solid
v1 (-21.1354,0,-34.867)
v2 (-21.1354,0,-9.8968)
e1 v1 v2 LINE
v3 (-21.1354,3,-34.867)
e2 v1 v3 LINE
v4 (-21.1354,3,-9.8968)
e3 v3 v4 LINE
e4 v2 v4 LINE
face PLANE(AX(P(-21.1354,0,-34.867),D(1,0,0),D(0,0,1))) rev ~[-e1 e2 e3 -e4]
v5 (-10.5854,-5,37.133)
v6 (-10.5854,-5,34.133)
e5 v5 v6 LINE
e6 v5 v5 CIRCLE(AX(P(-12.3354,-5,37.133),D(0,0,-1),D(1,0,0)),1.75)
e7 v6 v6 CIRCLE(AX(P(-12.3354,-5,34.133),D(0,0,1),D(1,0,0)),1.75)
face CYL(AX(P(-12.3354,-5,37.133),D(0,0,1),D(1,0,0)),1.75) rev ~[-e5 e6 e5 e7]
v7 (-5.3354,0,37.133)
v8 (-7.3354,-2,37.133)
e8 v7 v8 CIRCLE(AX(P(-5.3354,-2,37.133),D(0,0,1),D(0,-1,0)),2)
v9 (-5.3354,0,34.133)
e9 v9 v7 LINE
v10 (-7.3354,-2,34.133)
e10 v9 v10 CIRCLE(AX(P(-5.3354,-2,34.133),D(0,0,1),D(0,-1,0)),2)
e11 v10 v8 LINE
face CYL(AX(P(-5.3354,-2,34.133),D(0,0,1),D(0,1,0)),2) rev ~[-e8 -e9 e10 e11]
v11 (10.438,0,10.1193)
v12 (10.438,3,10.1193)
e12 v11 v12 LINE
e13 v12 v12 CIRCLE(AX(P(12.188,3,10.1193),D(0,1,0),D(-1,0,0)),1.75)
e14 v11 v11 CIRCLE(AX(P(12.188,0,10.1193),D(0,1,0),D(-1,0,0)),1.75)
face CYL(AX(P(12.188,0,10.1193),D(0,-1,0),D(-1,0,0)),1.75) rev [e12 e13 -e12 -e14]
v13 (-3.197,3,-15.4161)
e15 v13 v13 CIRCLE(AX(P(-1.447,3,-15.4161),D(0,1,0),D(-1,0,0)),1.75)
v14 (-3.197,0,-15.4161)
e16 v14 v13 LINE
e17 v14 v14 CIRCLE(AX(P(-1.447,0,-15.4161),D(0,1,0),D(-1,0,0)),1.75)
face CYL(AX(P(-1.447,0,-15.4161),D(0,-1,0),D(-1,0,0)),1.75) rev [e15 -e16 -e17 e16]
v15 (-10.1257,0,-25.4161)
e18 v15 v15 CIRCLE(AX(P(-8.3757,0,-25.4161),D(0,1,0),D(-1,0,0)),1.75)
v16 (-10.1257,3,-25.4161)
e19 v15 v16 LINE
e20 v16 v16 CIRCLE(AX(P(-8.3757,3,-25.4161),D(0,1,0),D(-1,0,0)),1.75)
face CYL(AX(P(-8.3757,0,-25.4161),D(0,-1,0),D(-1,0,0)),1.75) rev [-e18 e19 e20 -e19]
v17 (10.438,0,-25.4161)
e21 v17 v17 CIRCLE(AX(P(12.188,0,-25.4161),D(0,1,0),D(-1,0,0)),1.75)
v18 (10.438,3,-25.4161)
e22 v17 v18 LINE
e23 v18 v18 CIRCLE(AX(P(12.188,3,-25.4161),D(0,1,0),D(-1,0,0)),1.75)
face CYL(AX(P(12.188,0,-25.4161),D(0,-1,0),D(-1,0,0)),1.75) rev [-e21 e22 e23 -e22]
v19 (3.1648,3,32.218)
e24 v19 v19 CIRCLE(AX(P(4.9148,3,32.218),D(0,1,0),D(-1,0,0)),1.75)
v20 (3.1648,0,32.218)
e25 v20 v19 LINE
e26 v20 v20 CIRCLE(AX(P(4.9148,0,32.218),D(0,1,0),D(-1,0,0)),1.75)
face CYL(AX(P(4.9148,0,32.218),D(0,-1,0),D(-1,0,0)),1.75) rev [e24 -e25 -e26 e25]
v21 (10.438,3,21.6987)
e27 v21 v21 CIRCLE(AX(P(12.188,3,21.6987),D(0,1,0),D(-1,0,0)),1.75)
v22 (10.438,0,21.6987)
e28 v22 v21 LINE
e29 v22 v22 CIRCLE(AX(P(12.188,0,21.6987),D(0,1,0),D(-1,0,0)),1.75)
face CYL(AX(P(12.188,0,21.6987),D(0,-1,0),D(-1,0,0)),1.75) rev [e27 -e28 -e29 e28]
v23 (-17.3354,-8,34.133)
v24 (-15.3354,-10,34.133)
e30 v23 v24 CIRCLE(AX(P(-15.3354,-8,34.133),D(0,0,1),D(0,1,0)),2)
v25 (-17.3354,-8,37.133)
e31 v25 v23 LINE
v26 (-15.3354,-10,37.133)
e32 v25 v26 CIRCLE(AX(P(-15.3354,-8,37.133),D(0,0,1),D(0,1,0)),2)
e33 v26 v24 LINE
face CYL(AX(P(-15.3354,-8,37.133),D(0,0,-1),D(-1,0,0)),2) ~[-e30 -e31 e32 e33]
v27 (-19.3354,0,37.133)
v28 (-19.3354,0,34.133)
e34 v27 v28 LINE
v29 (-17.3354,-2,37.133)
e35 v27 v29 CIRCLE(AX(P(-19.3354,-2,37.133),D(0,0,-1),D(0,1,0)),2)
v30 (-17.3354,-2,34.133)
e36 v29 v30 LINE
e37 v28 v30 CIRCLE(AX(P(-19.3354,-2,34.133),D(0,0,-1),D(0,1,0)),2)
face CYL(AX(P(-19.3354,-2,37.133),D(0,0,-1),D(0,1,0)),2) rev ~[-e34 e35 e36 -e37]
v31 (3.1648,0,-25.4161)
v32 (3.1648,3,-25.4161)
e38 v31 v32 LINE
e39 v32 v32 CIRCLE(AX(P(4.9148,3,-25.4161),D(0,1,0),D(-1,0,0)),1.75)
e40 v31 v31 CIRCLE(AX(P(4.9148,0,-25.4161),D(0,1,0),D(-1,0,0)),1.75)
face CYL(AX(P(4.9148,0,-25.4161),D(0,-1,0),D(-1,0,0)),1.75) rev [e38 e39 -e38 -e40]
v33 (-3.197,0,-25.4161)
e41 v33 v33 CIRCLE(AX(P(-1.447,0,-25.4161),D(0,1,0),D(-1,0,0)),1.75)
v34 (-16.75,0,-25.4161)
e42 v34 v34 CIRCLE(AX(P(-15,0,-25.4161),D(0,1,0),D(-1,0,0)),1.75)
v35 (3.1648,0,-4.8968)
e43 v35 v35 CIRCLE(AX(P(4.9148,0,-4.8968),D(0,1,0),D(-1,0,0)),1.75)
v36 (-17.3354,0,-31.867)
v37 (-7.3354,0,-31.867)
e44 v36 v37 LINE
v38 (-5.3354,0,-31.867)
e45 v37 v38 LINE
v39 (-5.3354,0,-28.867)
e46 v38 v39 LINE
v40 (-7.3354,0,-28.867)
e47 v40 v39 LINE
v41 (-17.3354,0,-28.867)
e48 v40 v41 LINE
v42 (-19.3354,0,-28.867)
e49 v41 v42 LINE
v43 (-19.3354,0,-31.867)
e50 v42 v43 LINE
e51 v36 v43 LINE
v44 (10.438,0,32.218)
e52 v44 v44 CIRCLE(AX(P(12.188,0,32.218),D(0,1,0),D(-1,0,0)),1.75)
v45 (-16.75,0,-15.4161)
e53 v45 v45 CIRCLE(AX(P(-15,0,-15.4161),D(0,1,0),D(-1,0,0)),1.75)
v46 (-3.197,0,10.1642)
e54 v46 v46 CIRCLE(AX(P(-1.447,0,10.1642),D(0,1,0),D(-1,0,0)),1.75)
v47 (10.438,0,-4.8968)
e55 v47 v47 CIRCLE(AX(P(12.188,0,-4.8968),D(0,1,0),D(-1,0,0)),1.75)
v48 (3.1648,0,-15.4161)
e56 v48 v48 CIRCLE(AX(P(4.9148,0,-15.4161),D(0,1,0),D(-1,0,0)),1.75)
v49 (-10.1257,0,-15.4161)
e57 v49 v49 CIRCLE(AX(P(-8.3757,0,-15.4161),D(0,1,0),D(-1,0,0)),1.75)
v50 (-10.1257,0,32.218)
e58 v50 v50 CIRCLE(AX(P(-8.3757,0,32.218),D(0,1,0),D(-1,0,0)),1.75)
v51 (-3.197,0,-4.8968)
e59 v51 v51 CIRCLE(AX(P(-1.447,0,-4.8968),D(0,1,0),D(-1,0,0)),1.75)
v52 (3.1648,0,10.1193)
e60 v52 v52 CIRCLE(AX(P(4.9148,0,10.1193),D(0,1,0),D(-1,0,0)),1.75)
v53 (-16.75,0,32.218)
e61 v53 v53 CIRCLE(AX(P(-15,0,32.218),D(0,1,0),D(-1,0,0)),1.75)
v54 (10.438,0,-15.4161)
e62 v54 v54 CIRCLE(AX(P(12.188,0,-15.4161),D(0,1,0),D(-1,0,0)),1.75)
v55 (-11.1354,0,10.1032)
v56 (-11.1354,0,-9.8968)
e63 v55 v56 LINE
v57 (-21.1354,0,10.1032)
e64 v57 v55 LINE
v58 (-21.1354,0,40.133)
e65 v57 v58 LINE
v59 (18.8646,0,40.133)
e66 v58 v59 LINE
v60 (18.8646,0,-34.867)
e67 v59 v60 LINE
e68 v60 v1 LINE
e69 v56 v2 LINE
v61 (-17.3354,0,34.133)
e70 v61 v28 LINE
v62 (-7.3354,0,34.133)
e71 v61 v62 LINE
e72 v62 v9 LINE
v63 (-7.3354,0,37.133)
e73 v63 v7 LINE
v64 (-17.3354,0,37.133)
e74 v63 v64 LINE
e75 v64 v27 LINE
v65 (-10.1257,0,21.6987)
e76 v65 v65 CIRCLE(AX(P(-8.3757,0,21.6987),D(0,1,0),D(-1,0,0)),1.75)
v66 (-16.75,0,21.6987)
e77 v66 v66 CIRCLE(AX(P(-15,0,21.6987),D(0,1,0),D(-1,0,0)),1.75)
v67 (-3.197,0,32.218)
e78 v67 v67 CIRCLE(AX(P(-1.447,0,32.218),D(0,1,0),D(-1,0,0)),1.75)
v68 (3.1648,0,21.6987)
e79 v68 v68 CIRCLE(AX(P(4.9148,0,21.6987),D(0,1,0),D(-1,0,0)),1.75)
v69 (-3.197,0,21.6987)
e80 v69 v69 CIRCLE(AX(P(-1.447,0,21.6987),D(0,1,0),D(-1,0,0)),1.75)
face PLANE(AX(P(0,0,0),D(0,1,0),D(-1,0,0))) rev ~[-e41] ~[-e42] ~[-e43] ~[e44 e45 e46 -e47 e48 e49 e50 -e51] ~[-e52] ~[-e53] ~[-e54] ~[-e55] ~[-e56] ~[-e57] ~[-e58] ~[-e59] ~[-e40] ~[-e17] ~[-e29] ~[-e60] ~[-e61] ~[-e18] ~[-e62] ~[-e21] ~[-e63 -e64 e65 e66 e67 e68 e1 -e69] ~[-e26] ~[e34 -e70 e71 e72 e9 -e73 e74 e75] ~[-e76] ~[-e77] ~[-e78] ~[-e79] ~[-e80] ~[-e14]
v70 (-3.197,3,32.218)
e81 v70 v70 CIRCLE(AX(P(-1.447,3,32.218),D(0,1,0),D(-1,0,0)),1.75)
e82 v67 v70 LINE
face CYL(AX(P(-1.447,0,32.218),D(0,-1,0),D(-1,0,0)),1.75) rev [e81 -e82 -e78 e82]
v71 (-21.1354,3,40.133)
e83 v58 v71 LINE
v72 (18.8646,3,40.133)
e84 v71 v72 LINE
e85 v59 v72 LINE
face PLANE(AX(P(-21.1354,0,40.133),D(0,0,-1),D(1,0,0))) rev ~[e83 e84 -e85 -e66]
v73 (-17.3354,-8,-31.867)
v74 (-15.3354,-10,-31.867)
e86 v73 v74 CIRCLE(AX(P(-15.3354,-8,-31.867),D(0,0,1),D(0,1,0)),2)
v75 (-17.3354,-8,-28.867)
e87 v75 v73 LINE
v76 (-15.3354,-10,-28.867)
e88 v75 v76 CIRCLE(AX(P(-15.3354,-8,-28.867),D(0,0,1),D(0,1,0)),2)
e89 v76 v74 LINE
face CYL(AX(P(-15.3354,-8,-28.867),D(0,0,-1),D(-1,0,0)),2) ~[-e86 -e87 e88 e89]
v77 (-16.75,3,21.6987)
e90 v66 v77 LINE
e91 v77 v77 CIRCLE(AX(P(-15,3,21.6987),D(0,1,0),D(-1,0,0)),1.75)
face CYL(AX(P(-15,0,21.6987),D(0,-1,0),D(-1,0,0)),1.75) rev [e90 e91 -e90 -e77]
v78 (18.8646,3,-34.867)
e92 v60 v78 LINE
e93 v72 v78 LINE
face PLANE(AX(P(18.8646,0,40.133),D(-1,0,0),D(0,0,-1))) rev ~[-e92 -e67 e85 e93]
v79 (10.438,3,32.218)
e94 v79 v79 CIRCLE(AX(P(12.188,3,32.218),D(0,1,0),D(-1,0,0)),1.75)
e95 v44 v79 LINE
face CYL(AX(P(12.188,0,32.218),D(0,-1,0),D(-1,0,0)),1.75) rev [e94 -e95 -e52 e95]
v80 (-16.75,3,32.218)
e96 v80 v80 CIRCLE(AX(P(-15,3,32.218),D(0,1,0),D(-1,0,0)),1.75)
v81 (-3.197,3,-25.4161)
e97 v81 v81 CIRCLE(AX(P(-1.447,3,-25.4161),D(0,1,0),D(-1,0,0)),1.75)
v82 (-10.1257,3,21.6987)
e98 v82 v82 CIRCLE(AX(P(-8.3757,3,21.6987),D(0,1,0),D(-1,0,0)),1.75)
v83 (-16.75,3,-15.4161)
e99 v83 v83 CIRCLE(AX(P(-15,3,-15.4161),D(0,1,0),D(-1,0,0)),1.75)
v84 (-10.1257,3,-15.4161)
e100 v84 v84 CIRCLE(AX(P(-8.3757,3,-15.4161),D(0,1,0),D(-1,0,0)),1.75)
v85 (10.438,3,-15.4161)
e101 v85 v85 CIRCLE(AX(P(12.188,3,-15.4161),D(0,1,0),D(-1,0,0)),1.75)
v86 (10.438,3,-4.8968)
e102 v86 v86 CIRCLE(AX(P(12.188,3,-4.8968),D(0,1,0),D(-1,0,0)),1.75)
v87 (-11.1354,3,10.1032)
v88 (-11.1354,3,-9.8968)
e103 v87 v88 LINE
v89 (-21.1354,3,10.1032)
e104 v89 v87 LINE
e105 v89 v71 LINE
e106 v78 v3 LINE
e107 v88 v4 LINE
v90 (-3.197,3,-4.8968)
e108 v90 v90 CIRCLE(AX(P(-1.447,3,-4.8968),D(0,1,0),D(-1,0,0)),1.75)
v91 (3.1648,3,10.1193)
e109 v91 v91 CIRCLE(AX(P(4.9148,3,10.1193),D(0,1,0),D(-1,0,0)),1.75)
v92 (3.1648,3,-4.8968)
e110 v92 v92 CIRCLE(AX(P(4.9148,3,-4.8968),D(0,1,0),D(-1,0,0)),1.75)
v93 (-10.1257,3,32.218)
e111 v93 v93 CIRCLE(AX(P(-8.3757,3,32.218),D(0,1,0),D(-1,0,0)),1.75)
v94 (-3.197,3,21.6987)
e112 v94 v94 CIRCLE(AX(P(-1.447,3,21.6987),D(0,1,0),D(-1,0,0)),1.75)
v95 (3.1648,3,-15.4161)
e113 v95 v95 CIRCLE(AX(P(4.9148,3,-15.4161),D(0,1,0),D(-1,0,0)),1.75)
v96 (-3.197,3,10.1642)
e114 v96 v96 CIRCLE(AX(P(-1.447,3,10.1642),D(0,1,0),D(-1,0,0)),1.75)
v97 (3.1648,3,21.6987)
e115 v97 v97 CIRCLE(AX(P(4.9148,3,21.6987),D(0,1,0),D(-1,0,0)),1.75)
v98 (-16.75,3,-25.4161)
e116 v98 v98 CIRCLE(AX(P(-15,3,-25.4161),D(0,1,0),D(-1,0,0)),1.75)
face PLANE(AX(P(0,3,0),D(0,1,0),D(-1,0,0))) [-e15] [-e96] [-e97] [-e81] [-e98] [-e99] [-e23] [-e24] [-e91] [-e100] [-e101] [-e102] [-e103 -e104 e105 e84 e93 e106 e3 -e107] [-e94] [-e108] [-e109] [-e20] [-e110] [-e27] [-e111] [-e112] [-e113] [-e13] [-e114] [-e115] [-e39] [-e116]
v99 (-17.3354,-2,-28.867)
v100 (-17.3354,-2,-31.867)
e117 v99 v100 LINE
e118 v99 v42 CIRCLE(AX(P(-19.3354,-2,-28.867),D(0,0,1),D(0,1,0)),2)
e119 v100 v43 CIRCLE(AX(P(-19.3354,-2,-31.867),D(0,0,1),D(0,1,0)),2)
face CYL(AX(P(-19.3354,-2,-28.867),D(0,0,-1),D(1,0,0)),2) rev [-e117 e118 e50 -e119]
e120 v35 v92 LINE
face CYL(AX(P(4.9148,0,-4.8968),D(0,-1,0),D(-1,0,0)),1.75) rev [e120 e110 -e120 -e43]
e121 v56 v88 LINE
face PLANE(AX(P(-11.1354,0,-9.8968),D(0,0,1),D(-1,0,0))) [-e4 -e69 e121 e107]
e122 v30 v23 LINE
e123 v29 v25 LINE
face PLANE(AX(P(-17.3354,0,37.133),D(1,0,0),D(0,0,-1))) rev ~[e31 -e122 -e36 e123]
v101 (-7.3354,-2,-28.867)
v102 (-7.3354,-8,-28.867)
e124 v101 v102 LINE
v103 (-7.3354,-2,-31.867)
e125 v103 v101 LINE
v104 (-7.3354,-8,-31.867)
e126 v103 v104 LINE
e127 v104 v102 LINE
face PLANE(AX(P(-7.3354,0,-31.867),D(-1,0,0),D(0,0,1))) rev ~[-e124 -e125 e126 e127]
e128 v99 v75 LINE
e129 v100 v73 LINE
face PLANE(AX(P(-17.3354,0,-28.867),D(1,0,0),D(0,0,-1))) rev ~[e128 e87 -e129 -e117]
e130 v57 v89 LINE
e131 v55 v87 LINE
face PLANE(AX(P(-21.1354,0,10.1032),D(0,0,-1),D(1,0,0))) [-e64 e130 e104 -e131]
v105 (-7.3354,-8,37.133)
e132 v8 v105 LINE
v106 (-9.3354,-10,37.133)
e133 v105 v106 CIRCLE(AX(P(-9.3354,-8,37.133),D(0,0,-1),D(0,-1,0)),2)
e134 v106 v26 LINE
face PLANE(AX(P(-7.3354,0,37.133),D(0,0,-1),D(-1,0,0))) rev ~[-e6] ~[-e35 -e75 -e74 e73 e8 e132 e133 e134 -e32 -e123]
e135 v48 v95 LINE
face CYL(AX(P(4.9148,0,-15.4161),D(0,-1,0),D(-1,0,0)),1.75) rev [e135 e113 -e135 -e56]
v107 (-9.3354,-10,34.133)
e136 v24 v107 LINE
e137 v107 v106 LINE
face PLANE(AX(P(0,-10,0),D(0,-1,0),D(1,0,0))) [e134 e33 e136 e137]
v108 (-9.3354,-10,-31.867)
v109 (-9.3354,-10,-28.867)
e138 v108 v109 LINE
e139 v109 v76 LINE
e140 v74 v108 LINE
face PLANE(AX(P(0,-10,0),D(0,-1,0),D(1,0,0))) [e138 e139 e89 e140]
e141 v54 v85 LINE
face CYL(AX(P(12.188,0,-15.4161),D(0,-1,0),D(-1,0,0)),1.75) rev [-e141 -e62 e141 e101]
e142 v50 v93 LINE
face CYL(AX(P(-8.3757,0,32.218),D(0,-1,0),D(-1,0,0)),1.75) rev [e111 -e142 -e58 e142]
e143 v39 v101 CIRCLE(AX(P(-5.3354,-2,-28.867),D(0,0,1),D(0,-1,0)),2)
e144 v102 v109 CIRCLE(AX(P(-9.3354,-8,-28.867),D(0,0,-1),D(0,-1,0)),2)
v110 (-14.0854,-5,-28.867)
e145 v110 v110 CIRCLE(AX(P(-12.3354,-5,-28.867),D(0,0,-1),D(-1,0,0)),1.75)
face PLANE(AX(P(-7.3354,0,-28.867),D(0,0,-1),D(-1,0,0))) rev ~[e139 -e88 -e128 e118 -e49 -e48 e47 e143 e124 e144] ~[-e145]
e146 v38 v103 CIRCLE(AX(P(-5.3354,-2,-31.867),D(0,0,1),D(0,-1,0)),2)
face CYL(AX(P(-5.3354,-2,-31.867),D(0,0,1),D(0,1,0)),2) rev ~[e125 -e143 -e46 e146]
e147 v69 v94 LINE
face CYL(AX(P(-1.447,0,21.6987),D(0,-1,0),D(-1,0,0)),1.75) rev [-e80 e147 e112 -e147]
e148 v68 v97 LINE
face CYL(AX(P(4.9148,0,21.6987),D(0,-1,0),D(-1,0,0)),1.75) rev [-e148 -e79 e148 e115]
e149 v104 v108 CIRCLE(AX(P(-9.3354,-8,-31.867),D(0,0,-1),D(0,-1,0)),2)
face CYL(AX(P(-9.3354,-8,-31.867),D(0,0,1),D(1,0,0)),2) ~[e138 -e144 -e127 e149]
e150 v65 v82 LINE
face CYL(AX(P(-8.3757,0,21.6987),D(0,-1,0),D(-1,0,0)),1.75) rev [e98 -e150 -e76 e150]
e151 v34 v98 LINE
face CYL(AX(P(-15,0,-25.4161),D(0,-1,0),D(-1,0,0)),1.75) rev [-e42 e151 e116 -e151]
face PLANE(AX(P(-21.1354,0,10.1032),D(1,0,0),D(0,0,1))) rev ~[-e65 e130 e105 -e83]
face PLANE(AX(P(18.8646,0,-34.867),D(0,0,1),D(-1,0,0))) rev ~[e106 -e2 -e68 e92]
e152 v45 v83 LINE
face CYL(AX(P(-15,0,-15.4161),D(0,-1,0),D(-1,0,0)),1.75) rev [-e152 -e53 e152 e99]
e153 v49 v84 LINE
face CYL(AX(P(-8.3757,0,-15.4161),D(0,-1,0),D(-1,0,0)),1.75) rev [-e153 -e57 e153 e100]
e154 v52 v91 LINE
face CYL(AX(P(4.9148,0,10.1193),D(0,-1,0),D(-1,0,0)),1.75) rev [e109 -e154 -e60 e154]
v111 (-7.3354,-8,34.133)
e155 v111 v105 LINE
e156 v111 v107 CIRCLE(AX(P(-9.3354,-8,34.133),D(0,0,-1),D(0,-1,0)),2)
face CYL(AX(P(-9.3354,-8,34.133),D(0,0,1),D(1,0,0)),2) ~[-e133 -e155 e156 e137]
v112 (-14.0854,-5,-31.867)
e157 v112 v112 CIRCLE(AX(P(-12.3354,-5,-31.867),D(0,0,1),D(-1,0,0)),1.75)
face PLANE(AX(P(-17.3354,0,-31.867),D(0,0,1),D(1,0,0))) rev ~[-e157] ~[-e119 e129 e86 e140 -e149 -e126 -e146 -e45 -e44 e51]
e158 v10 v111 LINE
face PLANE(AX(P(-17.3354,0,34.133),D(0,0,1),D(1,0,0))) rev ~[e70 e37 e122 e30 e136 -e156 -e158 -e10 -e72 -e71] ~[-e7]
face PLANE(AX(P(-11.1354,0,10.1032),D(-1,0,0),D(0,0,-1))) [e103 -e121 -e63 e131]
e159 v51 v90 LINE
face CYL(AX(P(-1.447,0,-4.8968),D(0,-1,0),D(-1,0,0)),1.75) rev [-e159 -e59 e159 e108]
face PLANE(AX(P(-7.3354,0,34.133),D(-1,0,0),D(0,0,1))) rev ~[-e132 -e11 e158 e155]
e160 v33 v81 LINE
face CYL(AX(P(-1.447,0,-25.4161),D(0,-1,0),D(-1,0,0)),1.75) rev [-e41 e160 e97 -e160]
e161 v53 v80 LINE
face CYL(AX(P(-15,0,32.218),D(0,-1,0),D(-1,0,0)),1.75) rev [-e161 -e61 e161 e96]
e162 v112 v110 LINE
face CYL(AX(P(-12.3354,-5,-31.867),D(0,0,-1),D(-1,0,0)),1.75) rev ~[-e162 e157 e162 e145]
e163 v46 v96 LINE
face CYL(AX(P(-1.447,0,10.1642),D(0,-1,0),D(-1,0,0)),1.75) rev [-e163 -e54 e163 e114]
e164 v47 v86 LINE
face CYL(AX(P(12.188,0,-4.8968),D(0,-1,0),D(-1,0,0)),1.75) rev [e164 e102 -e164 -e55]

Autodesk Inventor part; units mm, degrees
ref_plane "YZ Plane" through (0, 0, 0) normal (1, 0, 0) x (0, 1, 0)
ref_plane "XZ Plane" through (0, 0, 0) normal (0, 1, 0) x (-1, 0, 0)
ref_plane "XY Plane" through (0, 0, 0) normal (0, 0, 1) x (1, 0, 0)
sketch "Esquisse1" plane through (0, 0, 0) normal (0, 1, 0) x (-1, 0, 0)
  line L0 (21.1354, -34.867) -> (21.1354, 40.133)
  circle A0 centre (1.447, -25.4161) radius 1.75
  circle A1 centre (1.447, -15.4161) radius 1.75
  circle A2 centre (8.3757, -15.4161) radius 1.75
  circle A3 centre (1.447, -4.8968) radius 1.75
  circle A4 centre (8.3757, -25.4161) radius 1.75
  line L1 (11.1354, 10.1032) -> (11.1354, -9.8968)
  line L2 (11.1354, -9.8968) -> (21.1354, -9.8968)
  line L3 (21.1354, -9.8968) -> (21.1354, 10.1032)
  line L4 (21.1354, 10.1032) -> (11.1354, -9.8968)
  line L5 (11.1354, 10.1032) -> (21.1354, -9.8968)
  line L6 (21.1354, 10.1032) -> (11.1354, 10.1032)
  line L7 (-18.8646, -34.867) -> (21.1354, -34.867)
  line L8 (-18.8646, -34.867) -> (21.1354, -34.867)
  line L9 (21.1354, -34.867) -> (21.1354, 40.133)
  line L10 (-18.8646, 40.133) -> (-18.8646, -34.867)
  line L11 (21.1354, 40.133) -> (-18.8646, 40.133)
  circle A5 centre (-68.4692, 33.6895) radius 1.75
  circle A6 centre (-68.4692, 42.6792) radius 1.75
  circle A7 centre (-4.9148, -25.4161) radius 1.75
  circle A8 centre (-4.9148, -15.4161) radius 1.75
  circle A9 centre (-4.9148, -4.8968) radius 1.75
  circle A10 centre (-12.188, -25.4161) radius 1.75
  circle A11 centre (-12.188, -15.4161) radius 1.75
  circle A12 centre (-12.188, -4.8968) radius 1.75
  circle A13 centre (15, -15.4161) radius 1.75
  circle A14 centre (15, -25.4161) radius 1.75
  circle A15 centre (1.447, 21.6987) radius 1.75
  circle A16 centre (1.447, 32.218) radius 1.75
  circle A17 centre (8.3757, 32.218) radius 1.75
  circle A18 centre (8.3757, 21.6987) radius 1.75
  circle A19 centre (-4.9148, 32.218) radius 1.75
  circle A20 centre (-4.9148, 21.6987) radius 1.75
  circle A21 centre (-12.188, 32.218) radius 1.75
  circle A22 centre (-12.188, 21.6987) radius 1.75
  circle A23 centre (15, 32.218) radius 1.75
  circle A24 centre (15, 21.6987) radius 1.75
  circle A25 centre (1.447, 10.1642) radius 1.75
  circle A26 centre (-4.9148, 10.1193) radius 1.75
  circle A27 centre (-12.188, 10.1193) radius 1.75
  point P0 (0, 0)
  point P1 (-36.8646, 0.1032)
  point P2 (-36.8646, 0.1032)
  point P3 (30.1354, 0.1032)
  point P4 (-36.8646, 0.1032)
  point P5 (16.1354, 0.1032)
  dimension "d28" = 40
  dimension "d30" = 75
extrude "Extrusion1" add sketch "Esquisse1" along normal blind 3 contours L7 L10 L11 L0 L6 L1 L2
sketch "Esquisse2" plane through (0, 0, 0) normal (0, -1, 0) x (1, 0, 0)
  line L0 (18.8646, -34.867) -> (-21.1354, -34.867) projected
  line L1 (-21.1354, -34.867) -> (-21.1354, -9.8968) projected
  line L2 (-7.3354, -28.867) -> (-17.3354, -28.867)
  line L3 (-17.3354, -28.867) -> (-17.3354, -31.867)
  line L4 (-17.3354, -31.867) -> (-7.3354, -31.867)
  line L5 (-7.3354, -31.867) -> (-7.3354, -28.867)
  line L6 (-7.3354, -28.867) -> (-17.3354, -31.867) construction
  line L7 (-17.3354, -28.867) -> (-7.3354, -31.867) construction
  line L8 (-21.1354, 10.1032) -> (-21.1354, 40.133) projected
  line L9 (-21.1354, 40.133) -> (18.8646, 40.133) projected
  line L10 (-17.3354, 34.133) -> (-7.3354, 34.133)
  line L11 (-7.3354, 34.133) -> (-7.3354, 37.133)
  line L12 (-7.3354, 37.133) -> (-17.3354, 37.133)
  line L13 (-17.3354, 37.133) -> (-17.3354, 34.133)
  line L14 (-17.3354, 34.133) -> (-7.3354, 37.133) construction
  line L15 (-7.3354, 34.133) -> (-17.3354, 37.133) construction
  point P0 (0, 0)
  point P1 (-12.3354, -30.367)
  point P2 (-12.3354, 35.633)
  point P3 (-17.3354, -34.867)
  point P4 (-7.3354, -34.867)
  point P5 (-7.3354, 40.133)
  point P6 (-17.3354, 40.133)
  dimension "d34" = 8.8
  dimension "d35" = 4.5
  dimension "d36" = 10
  dimension "d37" = 3
  dimension "d38" = 8.8
  dimension "d39" = 4.5
  dimension "d40" = 10
  dimension "d41" = 3
sketch "Esquisse4" plane through (-21.1354, 3, 40.133) normal (0, 0, 1) x (1, 0, 0)
  line L0 (10, -3) -> (0, -3) projected
  line L1 (13.8, -3) -> (13.8, -13) projected
  line L2 (3.7966, -3) -> (13.8, -13)
  line L3 (13.8, -13) -> (13.8, -3)
  line L4 (13.8, -3) -> (3.8, -13.0034)
  circle A0 centre (8.8, -8) radius 1.75 projected
  circle A1 centre (8.8, -8) radius 1.75
  point P0 (21.1354, -3)
  dimension "d48" = 3.5
extrude "Extrusion5" cut sketch "Esquisse4" against normal blind 3 contours A0 L2 L4 | L4 L2 A0 | A0 L4 L2 | L4 A0 L2
extrude "Extrusion6" add sketch "Esquisse2" along normal blind 10
sketch "Esquisse5" plane through (-7.3354, 0, -31.867) normal (0, 0, -1) x (-1, 0, 0)
  line L0 (0, -10) -> (10, 0)
  line L1 (10, 0) -> (10, -10)
  line L2 (0, 0) -> (0, -10) projected
  line L3 (10, -10) -> (0, 0)
  circle A0 centre (5, -5) radius 1.75
  point P0 (-7.3354, 0)
  dimension "d56" = 3.5
extrude "Extrusion8" cut sketch "Esquisse5" against normal blind 3 contours A0 L3 L0 | L0 L3 A0 | L3 A0 L0 | L0 A0 L3
sketch "Esquisse6" plane through (-17.3354, 0, 37.133) normal (0, 0, 1) x (1, 0, 0)
  line L0 (10, -10) -> (0, 0)
  line L1 (6.2, 0) -> (-3.8, 0) projected
  line L2 (0, 0) -> (0, -10) projected
  line L3 (0, -10) -> (10, 0)
  line L4 (-3.8, 0) -> (36.2, 0) projected
  circle A0 centre (5, -5) radius 1.75
  point P0 (17.3354, 0)
  dimension "d61" = 3.5
extrude "Extrusion9" cut sketch "Esquisse6" against normal blind 3 contours A0 L3 L0 | L0 L3 A0 | L3 A0 L0 | L0 A0 L3
fillet "Congé3" radius 2 4 edges at (-17.3354, -10, 35.633) (-7.3354, -10, 35.633) (-17.3354, -10, -30.367) (-7.3354, -10, -30.367)
fillet "Congé4" radius 2 2 edges at (-17.3354, 0, -30.367) (-17.3354, 0, 35.633)
fillet "Congé5" radius 2 2 edges at (-7.3354, 0, -30.367) (-7.3354, 0, 35.633)
properties part number "étage_servo"
